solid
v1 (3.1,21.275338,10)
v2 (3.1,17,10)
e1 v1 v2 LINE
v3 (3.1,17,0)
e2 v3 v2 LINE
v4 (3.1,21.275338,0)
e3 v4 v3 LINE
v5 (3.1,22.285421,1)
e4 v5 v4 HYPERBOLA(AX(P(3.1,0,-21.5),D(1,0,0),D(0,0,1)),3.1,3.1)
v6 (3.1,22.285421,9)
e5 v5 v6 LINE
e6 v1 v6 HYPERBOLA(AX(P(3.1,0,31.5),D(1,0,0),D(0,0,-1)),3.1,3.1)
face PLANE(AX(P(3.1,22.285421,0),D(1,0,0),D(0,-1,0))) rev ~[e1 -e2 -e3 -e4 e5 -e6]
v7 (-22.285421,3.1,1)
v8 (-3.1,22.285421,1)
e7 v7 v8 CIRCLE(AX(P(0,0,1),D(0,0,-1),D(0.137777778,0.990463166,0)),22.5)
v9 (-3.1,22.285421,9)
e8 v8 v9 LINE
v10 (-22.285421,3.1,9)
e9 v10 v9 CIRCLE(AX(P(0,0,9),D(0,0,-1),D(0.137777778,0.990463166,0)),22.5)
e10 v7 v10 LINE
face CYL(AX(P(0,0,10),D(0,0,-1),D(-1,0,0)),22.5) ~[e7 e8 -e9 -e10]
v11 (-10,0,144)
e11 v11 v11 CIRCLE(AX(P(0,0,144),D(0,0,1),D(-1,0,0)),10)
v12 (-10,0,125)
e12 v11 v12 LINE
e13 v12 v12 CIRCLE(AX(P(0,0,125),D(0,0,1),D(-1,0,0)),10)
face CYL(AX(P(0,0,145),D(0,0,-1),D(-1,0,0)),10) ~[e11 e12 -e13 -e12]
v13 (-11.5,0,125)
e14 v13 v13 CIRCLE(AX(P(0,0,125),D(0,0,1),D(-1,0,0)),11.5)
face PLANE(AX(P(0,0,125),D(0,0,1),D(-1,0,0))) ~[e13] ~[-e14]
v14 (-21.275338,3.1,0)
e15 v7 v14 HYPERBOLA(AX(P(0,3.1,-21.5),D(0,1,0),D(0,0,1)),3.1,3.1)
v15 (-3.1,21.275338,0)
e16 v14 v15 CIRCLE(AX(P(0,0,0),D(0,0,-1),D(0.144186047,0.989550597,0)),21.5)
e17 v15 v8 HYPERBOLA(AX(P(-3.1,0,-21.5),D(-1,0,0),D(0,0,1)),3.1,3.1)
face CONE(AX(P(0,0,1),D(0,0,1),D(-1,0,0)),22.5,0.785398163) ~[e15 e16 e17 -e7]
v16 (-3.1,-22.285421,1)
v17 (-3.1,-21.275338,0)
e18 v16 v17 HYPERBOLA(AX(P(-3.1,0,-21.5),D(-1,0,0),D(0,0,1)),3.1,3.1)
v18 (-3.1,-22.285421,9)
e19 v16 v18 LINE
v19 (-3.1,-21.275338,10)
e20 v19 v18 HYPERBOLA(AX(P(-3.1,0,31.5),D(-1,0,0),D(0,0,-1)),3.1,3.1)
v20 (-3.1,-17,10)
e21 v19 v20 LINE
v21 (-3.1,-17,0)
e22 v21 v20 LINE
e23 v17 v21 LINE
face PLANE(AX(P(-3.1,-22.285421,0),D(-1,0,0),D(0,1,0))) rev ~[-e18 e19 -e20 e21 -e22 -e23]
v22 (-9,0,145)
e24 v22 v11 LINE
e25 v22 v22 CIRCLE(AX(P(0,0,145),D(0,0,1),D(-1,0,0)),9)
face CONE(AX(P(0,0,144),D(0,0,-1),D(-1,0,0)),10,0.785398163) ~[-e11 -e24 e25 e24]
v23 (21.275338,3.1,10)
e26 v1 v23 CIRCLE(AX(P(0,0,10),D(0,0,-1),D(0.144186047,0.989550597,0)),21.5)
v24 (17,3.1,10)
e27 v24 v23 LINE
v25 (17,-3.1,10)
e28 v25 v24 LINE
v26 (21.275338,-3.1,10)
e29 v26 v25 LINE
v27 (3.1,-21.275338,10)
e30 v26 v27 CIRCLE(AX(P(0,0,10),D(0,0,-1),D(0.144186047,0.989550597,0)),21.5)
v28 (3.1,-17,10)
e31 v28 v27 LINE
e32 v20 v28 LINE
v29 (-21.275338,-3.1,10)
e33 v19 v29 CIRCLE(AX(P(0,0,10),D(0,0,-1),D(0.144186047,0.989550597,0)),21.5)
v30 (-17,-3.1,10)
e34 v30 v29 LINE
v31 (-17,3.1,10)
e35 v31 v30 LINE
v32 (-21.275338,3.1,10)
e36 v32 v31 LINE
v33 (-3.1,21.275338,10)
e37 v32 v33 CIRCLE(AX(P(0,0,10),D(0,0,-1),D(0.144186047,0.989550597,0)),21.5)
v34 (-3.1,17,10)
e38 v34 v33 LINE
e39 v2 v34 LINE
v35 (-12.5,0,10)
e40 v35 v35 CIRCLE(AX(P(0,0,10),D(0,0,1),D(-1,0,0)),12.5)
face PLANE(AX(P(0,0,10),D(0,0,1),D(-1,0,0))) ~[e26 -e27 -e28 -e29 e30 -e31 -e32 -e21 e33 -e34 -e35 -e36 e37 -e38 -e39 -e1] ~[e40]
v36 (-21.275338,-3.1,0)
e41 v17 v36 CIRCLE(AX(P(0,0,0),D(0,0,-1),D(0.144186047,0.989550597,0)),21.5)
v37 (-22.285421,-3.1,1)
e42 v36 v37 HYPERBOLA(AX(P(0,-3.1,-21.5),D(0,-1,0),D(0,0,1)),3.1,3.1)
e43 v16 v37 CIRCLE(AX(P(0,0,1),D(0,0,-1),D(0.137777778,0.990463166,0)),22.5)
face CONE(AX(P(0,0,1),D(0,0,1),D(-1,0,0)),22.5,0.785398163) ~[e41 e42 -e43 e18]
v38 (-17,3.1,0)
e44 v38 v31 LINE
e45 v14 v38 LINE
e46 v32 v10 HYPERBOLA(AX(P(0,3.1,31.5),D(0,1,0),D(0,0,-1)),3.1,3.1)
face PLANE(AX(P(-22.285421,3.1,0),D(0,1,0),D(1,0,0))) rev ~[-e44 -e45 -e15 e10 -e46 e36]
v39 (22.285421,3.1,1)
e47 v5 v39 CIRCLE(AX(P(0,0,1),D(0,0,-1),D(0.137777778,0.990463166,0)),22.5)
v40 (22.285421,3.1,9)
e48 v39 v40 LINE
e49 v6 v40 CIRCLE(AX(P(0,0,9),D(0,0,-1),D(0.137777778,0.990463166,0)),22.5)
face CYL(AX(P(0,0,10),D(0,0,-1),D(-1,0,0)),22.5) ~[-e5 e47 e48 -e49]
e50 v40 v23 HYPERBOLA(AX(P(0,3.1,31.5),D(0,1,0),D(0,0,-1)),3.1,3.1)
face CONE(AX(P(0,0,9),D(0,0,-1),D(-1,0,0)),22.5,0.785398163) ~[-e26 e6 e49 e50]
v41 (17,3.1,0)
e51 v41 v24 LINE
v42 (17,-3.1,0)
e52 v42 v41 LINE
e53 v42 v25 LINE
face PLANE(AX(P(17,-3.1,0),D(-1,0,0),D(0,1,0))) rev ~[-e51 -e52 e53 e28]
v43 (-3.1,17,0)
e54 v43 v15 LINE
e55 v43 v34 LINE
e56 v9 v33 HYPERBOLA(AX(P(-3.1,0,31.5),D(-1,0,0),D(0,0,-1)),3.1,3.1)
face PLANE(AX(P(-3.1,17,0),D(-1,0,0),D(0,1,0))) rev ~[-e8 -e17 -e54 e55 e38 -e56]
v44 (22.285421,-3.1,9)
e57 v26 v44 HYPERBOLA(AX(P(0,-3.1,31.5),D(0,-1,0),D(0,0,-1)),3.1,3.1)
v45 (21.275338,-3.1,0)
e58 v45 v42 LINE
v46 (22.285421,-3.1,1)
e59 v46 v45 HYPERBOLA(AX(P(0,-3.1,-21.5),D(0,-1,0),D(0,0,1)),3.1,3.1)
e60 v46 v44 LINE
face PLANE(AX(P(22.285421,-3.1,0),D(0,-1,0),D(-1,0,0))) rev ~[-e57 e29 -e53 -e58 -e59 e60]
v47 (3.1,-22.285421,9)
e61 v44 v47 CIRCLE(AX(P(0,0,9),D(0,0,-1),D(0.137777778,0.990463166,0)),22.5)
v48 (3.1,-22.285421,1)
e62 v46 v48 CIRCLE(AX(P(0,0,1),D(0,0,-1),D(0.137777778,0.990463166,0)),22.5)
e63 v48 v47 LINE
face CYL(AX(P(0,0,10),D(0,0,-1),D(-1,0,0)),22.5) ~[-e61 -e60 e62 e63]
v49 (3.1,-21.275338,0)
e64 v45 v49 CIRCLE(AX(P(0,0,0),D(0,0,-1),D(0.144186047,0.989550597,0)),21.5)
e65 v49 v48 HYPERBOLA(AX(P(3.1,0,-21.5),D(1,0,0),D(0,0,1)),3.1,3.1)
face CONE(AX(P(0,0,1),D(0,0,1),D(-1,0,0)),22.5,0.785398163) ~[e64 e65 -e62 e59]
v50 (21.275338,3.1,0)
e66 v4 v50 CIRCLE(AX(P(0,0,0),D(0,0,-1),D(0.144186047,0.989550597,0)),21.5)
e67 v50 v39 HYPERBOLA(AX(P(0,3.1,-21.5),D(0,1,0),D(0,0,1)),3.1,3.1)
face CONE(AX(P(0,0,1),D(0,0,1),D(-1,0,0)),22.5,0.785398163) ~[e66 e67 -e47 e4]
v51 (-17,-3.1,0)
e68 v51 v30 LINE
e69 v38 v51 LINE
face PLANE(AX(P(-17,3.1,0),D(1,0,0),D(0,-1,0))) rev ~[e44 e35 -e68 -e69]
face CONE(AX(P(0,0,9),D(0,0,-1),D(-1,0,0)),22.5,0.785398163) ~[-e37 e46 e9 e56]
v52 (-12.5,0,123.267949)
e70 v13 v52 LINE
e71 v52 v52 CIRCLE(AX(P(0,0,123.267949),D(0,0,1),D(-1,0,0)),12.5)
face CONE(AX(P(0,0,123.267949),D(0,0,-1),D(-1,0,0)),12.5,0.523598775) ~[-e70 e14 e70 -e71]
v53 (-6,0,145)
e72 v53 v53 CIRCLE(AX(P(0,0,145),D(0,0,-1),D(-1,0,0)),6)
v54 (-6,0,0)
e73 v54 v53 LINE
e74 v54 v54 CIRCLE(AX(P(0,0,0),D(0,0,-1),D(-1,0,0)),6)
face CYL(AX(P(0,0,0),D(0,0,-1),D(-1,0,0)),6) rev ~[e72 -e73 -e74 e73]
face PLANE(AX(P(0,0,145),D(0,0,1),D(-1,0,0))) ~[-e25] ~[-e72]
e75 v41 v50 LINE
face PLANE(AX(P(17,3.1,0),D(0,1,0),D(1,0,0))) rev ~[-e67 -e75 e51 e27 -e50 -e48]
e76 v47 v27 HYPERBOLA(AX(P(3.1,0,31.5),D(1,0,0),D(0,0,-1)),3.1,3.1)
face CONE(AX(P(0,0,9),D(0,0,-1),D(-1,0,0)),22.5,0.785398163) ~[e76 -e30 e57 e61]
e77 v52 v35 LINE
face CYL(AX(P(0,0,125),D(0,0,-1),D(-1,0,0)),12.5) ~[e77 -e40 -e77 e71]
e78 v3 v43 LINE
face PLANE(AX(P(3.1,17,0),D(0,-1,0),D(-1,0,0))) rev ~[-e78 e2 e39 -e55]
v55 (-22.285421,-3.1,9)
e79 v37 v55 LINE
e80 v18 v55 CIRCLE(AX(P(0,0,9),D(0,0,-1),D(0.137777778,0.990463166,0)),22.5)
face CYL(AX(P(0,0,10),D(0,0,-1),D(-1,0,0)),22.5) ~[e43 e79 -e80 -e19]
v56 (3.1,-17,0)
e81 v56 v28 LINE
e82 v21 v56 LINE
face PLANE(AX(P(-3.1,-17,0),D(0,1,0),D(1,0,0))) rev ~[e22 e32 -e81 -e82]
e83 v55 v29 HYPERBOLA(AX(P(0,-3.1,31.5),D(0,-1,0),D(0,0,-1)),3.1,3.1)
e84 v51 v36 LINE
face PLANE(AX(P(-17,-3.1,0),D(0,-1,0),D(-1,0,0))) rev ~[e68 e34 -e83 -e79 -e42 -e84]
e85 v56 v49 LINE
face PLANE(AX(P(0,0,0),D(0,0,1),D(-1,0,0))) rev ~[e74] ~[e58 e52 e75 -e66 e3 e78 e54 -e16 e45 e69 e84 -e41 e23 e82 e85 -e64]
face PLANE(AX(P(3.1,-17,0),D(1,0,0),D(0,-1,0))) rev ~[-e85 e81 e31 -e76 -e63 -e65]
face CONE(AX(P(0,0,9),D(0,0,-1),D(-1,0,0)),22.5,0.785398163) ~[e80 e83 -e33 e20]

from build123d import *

# Parameters (mm, degrees)
CHANFREIN1_SIZE              = 1
ESQUISSE3_R                  = 6
ENL_V_MAT_EXTRU_2_DEPTH      = 146
ENL_V_MAT_EXTRU_1_DEPTH      = 146
R_P_TITION_CIRCULAIRE1_COUNT = 4
CHANFREIN2_SIZE              = 1
CHANFREIN2_SIZE2             = 1.732050808


with BuildPart() as part:
    # Esquisse1 → Révolution1 (revolve)
    with BuildSketch(Plane(origin=(0, 0, 0), x_dir=(0, 0, -1), z_dir=(1, 0, 0)), mode=Mode.PRIVATE) as r_volution1_sk:
        Polygon((-145, 0), (-145, 10), (-125, 10), (-125, 12.5), (-10, 12.5), (-10, 22.5), (0, 22.5), (0, 0), align=None)
    revolve(r_volution1_sk.sketch.rotate(Axis((0, 0, 0), (0, 0, 1)), 90), axis=Axis((0, 0, 0), (0, 0, 1)))  # turned: the seam where the file's is

    # Chanfrein1
    chanfrein1_edges = [part.edges().sort_by_distance(p)[0] for p in [
        (22.5, 0, 0),
        (22.5, 0, 10),
        (10, 0, 145),
    ]]
    chamfer(chanfrein1_edges, length=CHANFREIN1_SIZE)

    # Esquisse3 → Enlèv. mat.-Extru.2 (cut, through all)
    with BuildSketch(Plane(origin=(0, 0, 0), x_dir=(-1, 0, 0), z_dir=(0, 0, -1))):
        Circle(ESQUISSE3_R)
    extrude(amount=-ENL_V_MAT_EXTRU_2_DEPTH, mode=Mode.SUBTRACT)

    # Esquisse2 → Enlèv. mat.-Extru.1 (cut, through all)
    with BuildSketch(Plane(origin=(0, 0, 0), x_dir=(-1, 0, 0), z_dir=(0, 0, -1))):
        with BuildLine():
            Line((-3.1, 22.285421243), (-3.1, 17))
            Line((-3.1, 17), (3.1, 17))
            Line((3.1, 17), (3.1, 22.285421243))
            ThreePointArc((3.1, 22.285421243), (0, 22.5), (-3.1, 22.285421243))
        make_face()
    enl_v_mat_extru_1 = extrude(amount=-ENL_V_MAT_EXTRU_1_DEPTH, mode=Mode.SUBTRACT)

    # Répétition circulaire1: Enlèv. mat.-Extru.1 ×4 about axis
    r_p_tition_circulaire1_axis = Axis((0, 0, 0), (0, 0, 1))
    for i in range(1, R_P_TITION_CIRCULAIRE1_COUNT):
        add(enl_v_mat_extru_1.rotate(r_p_tition_circulaire1_axis, i * 360 / R_P_TITION_CIRCULAIRE1_COUNT), mode=Mode.SUBTRACT)

    # Chanfrein2
    chanfrein2_edges = [part.edges().sort_by_distance(p)[0] for p in [
        (12.5, 0, 125),
    ]]
    chanfrein2_side = [part.faces().sort_by_distance(p)[0] for p in [
        (10.353553391, 0, 125),
    ]]
    chamfer(chanfrein2_edges, length=CHANFREIN2_SIZE, length2=CHANFREIN2_SIZE2, reference=chanfrein2_side[0])


solid = part.part
